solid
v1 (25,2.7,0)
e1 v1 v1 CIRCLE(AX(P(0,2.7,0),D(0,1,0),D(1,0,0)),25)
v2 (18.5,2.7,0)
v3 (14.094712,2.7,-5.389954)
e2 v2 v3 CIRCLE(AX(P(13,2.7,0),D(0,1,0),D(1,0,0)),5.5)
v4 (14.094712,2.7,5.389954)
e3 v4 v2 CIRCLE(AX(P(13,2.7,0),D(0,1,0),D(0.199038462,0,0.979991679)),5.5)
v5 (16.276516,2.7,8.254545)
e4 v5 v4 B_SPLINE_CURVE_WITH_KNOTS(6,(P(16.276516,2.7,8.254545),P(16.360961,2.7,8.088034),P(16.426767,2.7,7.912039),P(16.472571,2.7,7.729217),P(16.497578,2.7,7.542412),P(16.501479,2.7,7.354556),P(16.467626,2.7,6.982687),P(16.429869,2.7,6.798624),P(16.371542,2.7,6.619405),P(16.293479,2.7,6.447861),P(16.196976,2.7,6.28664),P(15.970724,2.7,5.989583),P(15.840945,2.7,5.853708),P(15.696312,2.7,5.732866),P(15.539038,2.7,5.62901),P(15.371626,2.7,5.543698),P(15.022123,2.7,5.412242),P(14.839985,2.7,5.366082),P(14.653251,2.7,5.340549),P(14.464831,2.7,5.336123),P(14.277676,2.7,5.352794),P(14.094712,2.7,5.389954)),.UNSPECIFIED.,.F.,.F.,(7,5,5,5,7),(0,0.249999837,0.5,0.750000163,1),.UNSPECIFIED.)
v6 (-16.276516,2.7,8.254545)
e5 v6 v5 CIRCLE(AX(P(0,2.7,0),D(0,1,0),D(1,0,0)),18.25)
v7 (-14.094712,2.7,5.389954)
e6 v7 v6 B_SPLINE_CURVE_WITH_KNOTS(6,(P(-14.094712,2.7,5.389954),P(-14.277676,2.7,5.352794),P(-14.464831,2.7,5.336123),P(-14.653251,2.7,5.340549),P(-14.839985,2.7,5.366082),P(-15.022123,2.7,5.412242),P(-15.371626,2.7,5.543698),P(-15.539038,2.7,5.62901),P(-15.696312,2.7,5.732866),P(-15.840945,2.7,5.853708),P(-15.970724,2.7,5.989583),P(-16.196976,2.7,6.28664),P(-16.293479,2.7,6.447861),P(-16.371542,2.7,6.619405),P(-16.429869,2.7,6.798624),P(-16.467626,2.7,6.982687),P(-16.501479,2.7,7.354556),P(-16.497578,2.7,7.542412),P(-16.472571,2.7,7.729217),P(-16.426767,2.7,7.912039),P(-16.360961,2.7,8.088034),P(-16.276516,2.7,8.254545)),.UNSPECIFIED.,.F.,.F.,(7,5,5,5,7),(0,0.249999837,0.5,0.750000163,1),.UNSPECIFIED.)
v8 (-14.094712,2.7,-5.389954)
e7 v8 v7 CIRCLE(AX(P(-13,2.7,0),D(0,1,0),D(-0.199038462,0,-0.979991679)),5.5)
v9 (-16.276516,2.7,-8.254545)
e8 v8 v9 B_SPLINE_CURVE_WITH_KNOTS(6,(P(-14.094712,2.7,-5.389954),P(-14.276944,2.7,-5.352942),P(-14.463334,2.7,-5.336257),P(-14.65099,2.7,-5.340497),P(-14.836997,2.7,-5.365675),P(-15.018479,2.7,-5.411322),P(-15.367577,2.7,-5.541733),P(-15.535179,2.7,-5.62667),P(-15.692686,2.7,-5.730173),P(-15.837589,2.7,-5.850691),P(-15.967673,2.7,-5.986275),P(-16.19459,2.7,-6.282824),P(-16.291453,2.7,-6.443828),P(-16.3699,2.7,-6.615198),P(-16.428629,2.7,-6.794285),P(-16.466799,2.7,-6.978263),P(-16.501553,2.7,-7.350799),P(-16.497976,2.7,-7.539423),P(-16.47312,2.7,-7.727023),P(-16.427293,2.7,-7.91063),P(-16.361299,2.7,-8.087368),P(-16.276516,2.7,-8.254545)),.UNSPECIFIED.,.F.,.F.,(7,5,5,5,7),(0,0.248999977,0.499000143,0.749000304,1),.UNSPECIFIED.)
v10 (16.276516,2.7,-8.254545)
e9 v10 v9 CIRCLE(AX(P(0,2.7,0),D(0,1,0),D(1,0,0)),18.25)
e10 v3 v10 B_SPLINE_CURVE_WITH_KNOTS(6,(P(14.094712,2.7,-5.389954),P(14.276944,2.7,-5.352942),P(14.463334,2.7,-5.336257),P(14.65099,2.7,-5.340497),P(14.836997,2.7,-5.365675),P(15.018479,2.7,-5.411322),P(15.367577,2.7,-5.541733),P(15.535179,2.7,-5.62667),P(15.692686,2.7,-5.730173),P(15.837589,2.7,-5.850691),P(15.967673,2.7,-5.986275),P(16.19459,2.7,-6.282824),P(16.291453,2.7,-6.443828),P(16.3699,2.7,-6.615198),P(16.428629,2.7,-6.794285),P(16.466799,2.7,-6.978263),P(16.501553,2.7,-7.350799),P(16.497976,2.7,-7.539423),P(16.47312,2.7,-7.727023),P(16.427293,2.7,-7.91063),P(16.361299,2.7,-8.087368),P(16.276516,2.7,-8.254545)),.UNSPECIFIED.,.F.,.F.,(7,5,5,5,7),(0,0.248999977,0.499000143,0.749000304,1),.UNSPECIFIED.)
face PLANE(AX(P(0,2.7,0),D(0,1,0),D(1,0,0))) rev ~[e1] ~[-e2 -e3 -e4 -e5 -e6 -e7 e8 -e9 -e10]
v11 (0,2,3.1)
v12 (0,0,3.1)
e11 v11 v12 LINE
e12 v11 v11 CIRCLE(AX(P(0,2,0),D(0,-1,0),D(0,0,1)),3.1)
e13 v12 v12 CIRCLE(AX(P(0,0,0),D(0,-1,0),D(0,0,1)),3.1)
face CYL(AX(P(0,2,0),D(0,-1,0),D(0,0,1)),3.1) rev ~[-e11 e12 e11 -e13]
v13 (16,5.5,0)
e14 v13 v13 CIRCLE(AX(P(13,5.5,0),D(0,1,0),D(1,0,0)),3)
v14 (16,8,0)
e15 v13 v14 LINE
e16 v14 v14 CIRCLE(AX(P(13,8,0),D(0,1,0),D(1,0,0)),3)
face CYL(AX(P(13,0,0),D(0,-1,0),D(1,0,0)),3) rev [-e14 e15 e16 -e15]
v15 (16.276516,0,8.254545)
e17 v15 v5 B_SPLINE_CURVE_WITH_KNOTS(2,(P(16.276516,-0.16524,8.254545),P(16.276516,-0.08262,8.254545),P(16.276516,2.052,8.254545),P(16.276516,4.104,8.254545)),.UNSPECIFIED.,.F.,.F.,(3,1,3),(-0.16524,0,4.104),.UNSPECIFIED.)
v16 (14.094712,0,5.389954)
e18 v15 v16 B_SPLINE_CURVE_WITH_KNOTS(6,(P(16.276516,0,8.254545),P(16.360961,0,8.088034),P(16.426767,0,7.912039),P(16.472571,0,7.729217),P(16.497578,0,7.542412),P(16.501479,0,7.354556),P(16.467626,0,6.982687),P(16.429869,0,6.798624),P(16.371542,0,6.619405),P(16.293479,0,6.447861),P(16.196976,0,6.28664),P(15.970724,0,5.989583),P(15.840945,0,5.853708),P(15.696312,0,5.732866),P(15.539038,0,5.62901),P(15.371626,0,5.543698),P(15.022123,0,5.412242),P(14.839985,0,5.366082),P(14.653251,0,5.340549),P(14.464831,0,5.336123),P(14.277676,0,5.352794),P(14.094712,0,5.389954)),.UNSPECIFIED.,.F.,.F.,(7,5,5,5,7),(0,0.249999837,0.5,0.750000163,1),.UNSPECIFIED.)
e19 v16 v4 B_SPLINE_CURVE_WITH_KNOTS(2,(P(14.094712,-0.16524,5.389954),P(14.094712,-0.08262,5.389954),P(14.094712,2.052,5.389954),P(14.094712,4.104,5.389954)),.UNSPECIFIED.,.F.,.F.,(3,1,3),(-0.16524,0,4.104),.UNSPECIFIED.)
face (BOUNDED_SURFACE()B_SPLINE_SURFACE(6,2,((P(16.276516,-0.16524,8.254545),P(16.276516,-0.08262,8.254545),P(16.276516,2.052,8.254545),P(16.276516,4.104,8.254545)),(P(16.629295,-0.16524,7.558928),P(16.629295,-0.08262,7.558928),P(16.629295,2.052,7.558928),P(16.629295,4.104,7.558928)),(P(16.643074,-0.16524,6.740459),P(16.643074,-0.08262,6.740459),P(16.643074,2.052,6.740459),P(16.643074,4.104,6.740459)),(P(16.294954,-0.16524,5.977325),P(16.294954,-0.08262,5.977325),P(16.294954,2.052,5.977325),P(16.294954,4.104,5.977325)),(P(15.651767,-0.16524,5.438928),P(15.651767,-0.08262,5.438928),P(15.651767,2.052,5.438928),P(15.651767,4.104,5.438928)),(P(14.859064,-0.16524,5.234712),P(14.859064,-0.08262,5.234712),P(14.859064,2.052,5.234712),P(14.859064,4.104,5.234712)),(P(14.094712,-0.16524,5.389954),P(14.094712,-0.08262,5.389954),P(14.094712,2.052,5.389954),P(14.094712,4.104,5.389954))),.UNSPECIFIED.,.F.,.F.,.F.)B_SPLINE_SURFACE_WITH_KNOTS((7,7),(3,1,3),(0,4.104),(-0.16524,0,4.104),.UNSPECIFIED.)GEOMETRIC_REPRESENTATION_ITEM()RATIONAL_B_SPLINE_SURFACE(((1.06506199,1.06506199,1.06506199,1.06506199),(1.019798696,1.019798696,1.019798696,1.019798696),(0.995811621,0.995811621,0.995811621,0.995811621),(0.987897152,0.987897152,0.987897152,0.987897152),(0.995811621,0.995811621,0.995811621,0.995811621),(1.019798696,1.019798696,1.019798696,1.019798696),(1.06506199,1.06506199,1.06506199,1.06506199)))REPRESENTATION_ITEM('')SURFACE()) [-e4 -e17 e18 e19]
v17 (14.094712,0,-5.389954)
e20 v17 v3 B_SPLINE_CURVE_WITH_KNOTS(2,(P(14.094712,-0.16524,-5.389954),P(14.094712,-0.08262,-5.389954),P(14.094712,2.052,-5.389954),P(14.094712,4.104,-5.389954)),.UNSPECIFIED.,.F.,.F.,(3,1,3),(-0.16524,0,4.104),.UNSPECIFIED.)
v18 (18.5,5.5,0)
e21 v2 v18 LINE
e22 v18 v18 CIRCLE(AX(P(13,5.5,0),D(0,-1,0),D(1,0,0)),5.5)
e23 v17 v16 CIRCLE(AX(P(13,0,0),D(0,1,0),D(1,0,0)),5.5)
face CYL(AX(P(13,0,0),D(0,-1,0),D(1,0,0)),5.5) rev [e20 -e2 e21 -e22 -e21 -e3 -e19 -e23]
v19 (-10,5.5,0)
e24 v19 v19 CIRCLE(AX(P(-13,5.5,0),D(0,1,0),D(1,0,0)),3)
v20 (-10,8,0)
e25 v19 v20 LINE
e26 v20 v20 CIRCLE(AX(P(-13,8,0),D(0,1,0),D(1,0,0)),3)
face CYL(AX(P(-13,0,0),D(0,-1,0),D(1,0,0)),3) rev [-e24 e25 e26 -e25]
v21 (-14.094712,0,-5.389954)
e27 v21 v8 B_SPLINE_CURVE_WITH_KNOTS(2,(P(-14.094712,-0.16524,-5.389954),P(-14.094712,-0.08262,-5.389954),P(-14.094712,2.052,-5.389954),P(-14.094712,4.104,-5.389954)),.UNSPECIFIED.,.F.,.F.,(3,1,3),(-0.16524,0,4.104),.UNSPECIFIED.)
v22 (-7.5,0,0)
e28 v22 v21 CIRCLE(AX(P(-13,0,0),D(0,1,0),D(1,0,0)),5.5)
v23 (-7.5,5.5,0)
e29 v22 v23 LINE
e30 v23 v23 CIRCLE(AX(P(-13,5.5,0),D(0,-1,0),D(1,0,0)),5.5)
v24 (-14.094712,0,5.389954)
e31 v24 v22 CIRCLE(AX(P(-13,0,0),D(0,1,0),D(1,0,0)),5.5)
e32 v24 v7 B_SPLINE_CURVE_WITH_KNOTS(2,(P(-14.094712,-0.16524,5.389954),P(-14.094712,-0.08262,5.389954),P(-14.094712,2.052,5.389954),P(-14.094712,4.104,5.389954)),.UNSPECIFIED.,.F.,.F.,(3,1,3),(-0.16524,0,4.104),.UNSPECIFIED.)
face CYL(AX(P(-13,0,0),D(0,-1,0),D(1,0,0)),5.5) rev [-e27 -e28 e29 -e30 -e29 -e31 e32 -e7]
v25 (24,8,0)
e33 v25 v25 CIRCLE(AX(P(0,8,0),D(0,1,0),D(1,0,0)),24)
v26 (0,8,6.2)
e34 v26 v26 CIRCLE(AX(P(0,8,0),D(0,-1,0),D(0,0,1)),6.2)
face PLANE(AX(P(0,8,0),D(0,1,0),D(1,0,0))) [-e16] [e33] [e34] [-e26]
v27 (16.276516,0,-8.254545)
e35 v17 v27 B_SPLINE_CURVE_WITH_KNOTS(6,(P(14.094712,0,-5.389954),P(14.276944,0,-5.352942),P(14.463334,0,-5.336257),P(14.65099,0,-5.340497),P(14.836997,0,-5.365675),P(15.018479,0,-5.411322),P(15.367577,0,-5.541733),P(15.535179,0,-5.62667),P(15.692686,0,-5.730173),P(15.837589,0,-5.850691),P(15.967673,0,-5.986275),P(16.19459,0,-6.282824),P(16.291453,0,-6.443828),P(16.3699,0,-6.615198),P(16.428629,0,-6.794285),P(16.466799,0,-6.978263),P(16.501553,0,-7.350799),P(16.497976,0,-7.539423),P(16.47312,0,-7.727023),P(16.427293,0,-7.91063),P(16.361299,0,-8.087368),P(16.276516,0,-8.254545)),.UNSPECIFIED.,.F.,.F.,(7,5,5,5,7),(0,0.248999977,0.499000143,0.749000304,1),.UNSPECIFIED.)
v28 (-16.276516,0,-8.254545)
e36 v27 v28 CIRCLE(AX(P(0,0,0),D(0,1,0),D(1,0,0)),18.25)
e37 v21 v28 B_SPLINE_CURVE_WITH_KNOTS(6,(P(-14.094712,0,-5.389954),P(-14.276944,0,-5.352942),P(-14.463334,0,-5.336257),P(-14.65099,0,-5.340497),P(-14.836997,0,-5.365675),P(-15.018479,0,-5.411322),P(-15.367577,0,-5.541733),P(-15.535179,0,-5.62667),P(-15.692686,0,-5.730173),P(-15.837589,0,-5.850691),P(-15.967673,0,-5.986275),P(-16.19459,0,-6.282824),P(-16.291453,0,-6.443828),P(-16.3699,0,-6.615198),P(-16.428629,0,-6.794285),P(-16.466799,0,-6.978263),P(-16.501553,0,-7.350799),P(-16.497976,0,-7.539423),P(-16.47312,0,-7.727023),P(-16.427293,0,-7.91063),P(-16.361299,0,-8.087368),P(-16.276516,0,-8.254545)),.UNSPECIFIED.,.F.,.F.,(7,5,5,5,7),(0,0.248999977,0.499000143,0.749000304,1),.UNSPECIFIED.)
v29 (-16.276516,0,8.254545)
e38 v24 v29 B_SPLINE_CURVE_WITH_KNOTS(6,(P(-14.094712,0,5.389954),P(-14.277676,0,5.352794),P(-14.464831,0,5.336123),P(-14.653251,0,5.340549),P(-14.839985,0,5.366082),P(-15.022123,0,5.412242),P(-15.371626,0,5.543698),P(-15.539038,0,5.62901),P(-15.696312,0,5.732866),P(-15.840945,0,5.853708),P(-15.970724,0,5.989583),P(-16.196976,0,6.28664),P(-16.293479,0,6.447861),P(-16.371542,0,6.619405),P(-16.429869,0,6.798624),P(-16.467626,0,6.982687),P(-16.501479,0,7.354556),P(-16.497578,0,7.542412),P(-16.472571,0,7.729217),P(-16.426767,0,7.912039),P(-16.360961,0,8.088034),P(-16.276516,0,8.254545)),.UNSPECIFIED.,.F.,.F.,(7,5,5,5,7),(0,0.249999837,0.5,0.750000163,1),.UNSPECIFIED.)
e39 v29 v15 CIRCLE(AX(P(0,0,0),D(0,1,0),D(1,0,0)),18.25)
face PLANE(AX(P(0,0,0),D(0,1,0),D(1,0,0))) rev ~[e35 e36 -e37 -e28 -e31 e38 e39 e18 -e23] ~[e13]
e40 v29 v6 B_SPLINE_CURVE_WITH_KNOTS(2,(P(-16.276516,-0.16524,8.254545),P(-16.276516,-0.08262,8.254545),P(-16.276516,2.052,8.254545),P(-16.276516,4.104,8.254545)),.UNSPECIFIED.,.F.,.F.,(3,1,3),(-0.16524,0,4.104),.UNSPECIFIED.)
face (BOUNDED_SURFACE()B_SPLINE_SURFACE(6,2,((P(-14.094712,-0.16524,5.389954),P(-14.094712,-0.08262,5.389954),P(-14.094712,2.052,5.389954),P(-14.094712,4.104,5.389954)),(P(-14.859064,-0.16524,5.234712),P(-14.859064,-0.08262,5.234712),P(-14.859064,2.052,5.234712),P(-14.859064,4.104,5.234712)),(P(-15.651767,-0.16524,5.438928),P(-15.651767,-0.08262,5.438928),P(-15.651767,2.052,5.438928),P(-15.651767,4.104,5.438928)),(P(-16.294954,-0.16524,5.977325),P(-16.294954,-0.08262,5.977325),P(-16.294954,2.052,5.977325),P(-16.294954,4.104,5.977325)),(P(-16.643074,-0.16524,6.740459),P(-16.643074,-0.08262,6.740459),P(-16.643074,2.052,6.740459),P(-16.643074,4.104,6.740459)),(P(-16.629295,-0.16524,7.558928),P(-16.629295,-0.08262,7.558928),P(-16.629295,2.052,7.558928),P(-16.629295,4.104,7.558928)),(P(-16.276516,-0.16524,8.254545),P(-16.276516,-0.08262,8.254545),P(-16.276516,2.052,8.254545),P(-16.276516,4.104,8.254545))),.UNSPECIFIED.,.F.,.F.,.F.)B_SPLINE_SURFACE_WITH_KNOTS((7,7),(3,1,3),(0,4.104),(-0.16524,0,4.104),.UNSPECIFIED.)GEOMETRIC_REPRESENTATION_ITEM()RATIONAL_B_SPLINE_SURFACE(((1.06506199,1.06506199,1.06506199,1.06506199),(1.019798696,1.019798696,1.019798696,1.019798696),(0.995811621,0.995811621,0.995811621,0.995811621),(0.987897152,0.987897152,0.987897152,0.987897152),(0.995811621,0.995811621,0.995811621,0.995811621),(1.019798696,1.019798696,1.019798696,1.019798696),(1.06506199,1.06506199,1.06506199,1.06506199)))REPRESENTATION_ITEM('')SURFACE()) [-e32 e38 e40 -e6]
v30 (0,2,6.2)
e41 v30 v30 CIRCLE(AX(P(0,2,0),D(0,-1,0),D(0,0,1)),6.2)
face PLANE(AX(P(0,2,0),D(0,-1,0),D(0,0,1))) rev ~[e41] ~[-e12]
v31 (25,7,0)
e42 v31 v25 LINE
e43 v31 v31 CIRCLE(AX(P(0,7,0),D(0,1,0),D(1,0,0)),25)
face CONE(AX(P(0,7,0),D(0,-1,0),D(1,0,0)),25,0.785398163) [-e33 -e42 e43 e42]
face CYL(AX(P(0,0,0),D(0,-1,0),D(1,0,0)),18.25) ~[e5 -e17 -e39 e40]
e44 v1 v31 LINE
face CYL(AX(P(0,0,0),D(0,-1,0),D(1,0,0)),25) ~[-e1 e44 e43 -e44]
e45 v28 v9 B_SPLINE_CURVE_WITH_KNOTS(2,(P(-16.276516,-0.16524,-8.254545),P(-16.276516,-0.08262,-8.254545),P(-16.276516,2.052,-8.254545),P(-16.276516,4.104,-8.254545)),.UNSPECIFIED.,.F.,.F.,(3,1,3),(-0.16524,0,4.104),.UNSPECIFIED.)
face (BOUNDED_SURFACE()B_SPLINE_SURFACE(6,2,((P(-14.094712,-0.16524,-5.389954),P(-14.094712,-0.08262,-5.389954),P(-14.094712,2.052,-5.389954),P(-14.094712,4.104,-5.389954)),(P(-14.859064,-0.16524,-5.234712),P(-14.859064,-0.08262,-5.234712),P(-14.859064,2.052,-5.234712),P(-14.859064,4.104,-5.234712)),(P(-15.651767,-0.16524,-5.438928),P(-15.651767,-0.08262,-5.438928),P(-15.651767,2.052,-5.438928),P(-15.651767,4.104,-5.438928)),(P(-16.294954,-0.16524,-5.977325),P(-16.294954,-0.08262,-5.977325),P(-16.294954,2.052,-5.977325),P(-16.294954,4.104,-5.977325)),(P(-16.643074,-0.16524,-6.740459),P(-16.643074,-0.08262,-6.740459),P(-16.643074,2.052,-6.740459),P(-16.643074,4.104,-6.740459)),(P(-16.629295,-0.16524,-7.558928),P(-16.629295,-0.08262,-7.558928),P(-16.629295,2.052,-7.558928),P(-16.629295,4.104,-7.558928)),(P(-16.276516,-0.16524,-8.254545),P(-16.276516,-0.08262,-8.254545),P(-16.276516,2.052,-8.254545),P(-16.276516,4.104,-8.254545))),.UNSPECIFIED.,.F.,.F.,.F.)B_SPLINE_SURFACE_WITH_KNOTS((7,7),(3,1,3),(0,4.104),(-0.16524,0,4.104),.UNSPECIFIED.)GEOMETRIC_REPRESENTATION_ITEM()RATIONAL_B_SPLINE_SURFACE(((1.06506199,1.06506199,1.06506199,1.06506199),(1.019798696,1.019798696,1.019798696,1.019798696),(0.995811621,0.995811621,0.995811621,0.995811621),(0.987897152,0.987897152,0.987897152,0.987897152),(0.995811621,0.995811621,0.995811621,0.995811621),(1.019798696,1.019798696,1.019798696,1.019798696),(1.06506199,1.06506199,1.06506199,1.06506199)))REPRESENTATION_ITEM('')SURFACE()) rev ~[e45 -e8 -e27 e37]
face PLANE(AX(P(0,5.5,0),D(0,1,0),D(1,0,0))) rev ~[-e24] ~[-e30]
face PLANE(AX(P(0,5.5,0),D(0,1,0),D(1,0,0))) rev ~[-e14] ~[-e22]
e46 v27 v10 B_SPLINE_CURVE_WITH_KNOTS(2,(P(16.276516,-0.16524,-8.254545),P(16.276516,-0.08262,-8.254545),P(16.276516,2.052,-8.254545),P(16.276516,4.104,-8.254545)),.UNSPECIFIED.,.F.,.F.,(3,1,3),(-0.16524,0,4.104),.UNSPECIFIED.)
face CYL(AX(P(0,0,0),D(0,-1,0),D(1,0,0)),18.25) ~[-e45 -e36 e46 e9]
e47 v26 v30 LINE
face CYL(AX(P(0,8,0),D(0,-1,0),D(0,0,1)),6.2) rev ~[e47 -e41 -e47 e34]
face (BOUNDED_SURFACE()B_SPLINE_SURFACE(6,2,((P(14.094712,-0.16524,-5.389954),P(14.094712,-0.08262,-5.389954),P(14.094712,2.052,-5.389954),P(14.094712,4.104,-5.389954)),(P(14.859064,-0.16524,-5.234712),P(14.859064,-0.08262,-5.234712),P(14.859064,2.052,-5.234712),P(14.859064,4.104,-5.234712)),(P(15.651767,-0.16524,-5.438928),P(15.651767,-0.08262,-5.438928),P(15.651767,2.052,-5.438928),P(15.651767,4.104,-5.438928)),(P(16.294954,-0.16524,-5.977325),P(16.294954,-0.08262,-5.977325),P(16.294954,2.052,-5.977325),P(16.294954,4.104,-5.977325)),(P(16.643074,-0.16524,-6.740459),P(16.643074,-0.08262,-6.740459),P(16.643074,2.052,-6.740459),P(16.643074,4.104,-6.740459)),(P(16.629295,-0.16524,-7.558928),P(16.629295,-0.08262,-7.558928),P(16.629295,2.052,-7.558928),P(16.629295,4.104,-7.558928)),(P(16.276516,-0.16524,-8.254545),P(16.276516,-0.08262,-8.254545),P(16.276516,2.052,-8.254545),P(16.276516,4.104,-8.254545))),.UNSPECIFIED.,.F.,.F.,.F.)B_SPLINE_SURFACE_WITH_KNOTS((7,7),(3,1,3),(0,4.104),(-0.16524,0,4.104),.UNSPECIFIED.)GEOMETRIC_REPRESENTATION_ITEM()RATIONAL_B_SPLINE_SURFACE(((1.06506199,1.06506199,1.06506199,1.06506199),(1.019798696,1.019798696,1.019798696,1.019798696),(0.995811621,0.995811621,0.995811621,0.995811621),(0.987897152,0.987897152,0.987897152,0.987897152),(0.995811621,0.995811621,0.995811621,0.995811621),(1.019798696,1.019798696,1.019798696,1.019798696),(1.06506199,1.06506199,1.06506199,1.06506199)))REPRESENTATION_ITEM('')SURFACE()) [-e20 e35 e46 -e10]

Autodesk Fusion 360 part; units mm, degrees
sketch "Sketch1" plane through (0, 0, 0) normal (0, 1, 0) x (1, 0, 0)
  circle A0 centre (0, 0) radius 25
  circle A1 centre (-13, 0) radius 3
  circle A2 centre (13, 0) radius 3
  circle A3 centre (-13, 0) radius 5.5
  circle A4 centre (13, 0) radius 5.5
  circle A5 centre (0, 0) radius 18.25
  dimension "d1" = 50
  dimension "d2" = 26
  dimension "d3" = 13
  dimension "d4" = 6
  dimension "d5" = 6
  dimension "d17" = 11
  dimension "d18" = 11
  dimension "d41" = 36.5
extrude "Extrude1" add sketch "Sketch1" along normal blind 8 contours A0 | A3 A5 | A3 A4 A5 | A3 A5 | A4 A5 | A4 A5
sketch "Sketch2" plane through (0, 8, 0) normal (0, 1, 0) x (-1, 0, 0)
  circle A0 centre (13, 0) radius 3
  circle A1 centre (-13, 0) radius 3
  circle A2 centre (0, 0) radius 3
  circle A3 centre (0, 0) radius 25
  circle A4 centre (0, 0) radius 6.3
  dimension "d26" = 6
  dimension "d37" = 12.6
hole "Hole1" at (0, 8, 0) direction (0, -1, 0) diameter 6.2 depth 9 tip angle 118 counterbore diameter 12.4 counterbore depth 6
extrude "Extrude2" cut sketch "Sketch1" along normal blind 5.5 contours A3 A5 | A3 A5 | A4 A5 | A4 A5
extrude "Extrude4" cut sketch "Sketch1" along normal blind 2.7 contours A0
chamfer "Chamfer1" distance 1 angle 45 1 edges at (-23.3082, 8, 9.0404)
fillet "Fillet1" radius 2 4 edges at (-18.1466, 1.35, 1.9396) (-18.1466, 1.35, -1.9396) (18.1466, 1.35, 1.9396) (18.1466, 1.35, -1.9396)
sketch "Sketch3" plane through (0, 0, 0) normal (0, -1, 0) x (1, 0, 0)
  arc A0 (16.2765, -8.2545) -> (14.0947, -5.39) centre (14.4928, -7.3499) ccw
  arc A1 (14.0947, 5.39) -> (14.0947, -5.39) centre (13, 0) ccw
  arc A2 (14.0947, 5.39) -> (16.2765, 8.2545) centre (14.4928, 7.3499) ccw
  arc A3 (16.2765, 8.2545) -> (-16.2765, 8.2545) centre (0, 0) ccw
  arc A4 (-16.2765, 8.2545) -> (-14.0947, 5.39) centre (-14.4928, 7.3499) ccw
  arc A5 (-14.0947, -5.39) -> (-14.0947, 5.39) centre (-13, 0) ccw
  arc A6 (-14.0947, -5.39) -> (-16.2765, -8.2545) centre (-14.4928, -7.3499) ccw
  arc A7 (-16.2765, -8.2545) -> (16.2765, -8.2545) centre (0, 0) ccw
  circle A8 centre (0, 0) radius 3.1
  circle A9 centre (0, 0) radius 18.25
  dimension "d46" = 36.5
sketch "Sketch4" plane through (0, 0, 0) normal (0, -1, 0) x (1, 0, 0)
  arc A0 (16.2765, -8.2545) -> (14.0947, -5.39) centre (14.4928, -7.3499) ccw
  arc A1 (14.0947, 5.39) -> (14.0947, -5.39) centre (13, 0) ccw
  arc A2 (14.0947, 5.39) -> (16.2765, 8.2545) centre (14.4928, 7.3499) ccw
  arc A3 (16.2765, 8.2545) -> (-16.2765, 8.2545) centre (0, 0) ccw
  arc A4 (-16.2765, 8.2545) -> (-14.0947, 5.39) centre (-14.4928, 7.3499) ccw
  arc A5 (-14.0947, -5.39) -> (-14.0947, 5.39) centre (-13, 0) ccw
  arc A6 (-14.0947, -5.39) -> (-16.2765, -8.2545) centre (-14.4928, -7.3499) ccw
  arc A7 (-16.2765, -8.2545) -> (16.2765, -8.2545) centre (0, 0) ccw
  circle A8 centre (0, 0) radius 3.1
  line L0 (30, 27.5) -> (-30, 27.5)
  line L1 (-30, 27.5) -> (-30, -27.5)
  line L2 (-30, -27.5) -> (30, -27.5)
  line L3 (30, -27.5) -> (30, 27.5)
  line L4 (30, 27.5) -> (-30, -27.5) construction
  line L5 (-30, 27.5) -> (30, -27.5) construction
  dimension "d47" = 60
  dimension "d48" = 55
equation "d3 = d2 / 2"
